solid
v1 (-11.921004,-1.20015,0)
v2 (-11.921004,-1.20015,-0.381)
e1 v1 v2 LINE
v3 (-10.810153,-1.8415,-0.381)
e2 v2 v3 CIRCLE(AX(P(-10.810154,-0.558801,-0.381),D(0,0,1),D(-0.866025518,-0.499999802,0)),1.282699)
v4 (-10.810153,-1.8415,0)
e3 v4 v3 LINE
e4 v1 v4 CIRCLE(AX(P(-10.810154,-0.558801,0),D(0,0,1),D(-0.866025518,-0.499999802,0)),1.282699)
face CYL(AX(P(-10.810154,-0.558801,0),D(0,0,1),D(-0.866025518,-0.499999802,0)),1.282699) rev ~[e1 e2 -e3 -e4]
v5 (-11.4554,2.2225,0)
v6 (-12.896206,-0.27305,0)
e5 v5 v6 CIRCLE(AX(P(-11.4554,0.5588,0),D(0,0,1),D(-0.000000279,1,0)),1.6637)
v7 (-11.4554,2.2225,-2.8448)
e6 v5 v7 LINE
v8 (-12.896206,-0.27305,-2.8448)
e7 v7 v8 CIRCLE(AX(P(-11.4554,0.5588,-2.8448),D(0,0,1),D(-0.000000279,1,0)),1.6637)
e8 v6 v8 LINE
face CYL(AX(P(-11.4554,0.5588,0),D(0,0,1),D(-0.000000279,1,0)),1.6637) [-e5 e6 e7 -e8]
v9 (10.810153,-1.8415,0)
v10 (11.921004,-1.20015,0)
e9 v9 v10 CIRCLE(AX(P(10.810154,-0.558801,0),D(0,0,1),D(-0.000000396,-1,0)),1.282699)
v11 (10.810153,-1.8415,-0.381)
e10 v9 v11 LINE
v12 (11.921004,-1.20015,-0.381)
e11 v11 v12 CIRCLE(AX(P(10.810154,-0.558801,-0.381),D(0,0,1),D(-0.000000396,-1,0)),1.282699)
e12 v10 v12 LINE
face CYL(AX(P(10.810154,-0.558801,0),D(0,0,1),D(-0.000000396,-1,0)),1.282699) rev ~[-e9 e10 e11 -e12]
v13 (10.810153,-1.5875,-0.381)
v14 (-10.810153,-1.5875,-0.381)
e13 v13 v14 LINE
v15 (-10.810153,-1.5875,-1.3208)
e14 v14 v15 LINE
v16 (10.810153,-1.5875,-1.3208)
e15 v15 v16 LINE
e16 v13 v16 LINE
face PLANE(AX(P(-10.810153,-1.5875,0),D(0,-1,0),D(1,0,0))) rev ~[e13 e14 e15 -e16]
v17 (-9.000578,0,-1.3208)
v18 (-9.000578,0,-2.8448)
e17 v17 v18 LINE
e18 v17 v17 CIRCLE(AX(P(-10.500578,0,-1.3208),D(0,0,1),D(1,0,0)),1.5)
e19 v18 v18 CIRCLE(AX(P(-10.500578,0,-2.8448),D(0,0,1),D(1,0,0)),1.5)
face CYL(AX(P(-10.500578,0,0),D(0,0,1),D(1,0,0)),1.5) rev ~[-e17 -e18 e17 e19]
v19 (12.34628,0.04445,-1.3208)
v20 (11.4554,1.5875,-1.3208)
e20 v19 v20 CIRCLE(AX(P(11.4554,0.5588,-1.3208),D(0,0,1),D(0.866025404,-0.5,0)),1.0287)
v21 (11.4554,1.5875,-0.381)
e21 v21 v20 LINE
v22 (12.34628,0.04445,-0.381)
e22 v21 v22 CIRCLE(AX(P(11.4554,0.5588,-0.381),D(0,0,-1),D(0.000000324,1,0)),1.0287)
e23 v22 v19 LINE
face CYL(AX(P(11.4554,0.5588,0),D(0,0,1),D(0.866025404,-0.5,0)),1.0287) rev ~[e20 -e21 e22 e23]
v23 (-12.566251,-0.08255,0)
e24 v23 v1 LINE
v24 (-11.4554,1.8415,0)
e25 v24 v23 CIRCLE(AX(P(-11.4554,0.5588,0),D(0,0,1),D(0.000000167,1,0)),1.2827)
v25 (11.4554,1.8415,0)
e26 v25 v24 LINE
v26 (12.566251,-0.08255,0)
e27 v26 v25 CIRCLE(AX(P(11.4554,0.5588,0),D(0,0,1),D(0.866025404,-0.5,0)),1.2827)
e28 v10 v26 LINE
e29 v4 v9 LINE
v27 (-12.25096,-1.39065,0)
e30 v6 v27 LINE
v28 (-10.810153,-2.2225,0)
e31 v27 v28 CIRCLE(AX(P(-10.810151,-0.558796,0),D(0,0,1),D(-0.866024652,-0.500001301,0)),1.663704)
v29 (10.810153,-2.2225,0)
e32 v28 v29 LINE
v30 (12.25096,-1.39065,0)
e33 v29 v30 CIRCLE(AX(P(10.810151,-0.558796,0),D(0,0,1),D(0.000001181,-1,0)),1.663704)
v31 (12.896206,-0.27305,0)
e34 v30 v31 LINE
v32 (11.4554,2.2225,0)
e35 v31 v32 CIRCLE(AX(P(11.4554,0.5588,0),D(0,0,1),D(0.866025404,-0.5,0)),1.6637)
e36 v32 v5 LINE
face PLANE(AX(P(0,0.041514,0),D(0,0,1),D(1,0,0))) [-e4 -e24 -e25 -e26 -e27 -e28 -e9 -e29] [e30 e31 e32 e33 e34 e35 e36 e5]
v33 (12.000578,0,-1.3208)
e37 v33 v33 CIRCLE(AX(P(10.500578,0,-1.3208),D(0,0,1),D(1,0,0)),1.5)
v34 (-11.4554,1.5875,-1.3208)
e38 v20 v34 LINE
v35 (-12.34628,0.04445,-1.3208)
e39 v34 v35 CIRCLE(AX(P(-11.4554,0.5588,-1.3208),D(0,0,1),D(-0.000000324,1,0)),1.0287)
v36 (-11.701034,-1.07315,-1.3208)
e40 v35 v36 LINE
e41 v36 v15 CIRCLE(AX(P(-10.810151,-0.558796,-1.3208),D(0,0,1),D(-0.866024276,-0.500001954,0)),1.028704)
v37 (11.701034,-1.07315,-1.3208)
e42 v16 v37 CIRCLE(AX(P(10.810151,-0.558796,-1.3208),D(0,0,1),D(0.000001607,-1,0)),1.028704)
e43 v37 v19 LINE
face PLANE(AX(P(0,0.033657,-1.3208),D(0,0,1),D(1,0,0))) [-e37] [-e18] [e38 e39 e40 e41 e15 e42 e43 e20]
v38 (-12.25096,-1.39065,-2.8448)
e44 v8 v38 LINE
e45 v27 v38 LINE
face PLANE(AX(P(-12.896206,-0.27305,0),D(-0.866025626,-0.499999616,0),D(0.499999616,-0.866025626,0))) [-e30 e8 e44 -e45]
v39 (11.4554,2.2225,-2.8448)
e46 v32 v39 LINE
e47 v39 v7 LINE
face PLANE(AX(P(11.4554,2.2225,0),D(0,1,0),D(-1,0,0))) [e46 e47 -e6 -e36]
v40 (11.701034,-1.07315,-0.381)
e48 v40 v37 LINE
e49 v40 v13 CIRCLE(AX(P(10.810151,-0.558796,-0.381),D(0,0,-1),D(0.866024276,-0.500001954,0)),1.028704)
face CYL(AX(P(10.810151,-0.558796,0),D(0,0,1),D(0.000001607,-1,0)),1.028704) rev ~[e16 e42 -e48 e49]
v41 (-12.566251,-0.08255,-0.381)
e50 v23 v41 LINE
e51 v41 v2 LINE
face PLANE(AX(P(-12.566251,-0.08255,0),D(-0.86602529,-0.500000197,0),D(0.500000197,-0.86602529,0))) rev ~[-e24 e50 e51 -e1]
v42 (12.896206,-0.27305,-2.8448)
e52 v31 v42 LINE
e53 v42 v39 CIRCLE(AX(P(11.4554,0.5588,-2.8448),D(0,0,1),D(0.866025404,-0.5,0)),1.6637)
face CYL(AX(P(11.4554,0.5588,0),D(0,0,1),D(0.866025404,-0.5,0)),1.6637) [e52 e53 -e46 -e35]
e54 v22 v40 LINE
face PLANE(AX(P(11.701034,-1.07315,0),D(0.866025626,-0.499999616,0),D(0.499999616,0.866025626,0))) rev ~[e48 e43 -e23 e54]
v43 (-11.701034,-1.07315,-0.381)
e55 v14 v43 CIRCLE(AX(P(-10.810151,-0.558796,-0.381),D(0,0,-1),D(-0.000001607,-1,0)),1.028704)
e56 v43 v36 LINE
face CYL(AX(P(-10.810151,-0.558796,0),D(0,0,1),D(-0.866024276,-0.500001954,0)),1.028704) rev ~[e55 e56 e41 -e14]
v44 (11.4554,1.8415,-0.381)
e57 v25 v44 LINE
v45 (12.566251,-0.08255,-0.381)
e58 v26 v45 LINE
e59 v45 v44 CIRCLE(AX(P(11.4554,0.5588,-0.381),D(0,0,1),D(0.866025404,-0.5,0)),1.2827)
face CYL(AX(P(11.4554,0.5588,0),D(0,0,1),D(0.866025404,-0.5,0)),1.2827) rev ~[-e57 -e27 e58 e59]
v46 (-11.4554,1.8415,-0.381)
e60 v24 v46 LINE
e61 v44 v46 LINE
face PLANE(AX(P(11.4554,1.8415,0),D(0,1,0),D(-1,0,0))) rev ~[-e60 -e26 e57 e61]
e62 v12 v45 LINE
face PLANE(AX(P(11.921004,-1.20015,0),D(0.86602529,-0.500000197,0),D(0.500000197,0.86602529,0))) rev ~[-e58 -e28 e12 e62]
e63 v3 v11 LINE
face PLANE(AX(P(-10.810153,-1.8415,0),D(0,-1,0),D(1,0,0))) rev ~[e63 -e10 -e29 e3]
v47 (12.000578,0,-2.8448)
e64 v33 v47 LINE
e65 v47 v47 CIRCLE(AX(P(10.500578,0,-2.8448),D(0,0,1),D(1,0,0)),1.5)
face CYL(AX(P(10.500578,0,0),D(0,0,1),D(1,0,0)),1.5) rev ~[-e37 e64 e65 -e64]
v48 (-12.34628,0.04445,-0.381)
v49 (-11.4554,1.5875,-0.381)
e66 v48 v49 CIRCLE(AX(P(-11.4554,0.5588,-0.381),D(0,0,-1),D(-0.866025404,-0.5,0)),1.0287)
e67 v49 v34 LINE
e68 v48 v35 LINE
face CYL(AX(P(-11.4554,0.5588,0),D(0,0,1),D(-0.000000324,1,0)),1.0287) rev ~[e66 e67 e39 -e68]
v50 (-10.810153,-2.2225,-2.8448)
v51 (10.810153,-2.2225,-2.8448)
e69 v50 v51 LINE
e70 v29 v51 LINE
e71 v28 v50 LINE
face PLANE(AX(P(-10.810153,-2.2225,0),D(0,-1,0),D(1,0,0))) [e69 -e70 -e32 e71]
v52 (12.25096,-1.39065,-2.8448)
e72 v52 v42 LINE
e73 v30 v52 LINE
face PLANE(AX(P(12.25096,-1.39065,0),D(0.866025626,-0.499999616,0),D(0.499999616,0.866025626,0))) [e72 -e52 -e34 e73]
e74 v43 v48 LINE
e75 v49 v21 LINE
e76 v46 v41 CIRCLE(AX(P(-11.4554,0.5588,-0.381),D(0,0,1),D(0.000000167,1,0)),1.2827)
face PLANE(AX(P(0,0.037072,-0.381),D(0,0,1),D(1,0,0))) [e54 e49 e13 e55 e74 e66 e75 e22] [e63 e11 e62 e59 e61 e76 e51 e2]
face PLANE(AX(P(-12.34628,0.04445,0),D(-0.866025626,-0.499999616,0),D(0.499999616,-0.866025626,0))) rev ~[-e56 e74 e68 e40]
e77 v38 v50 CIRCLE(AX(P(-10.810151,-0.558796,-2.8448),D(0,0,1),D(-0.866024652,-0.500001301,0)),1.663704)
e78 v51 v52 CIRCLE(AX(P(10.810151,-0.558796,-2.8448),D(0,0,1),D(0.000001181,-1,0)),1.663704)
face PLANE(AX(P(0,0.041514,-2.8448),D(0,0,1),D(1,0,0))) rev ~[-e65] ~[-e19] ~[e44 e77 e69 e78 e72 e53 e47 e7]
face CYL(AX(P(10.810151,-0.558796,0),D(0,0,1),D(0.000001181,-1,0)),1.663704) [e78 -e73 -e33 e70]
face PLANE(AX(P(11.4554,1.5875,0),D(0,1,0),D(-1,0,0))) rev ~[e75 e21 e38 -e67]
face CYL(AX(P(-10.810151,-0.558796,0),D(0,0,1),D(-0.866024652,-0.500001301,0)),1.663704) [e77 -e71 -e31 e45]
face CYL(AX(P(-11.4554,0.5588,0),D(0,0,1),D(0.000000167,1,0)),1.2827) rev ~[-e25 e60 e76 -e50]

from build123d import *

# Parameters (mm, degrees)
F0_R     = 1.5
F1_DEPTH = 2.8448
F2_DEPTH = 1.3208
F3_DEPTH = 0.381
F4_DEPTH = 2.8458


with BuildPart() as f1:
    # F0 (on Top) → F1 (new body)
    with BuildSketch(Plane.XY):
        with BuildLine():
            Line((11.4554, 2.2225), (-11.4554, 2.2225))
            ThreePointArc((-11.4554, 2.2225), (-12.896206, 1.39065), (-12.896206, -0.27305))
            Line((-12.896206, -0.27305), (-12.25096, -1.39065))
            ThreePointArc((-12.25096, -1.39065), (-11.642003, -1.999606), (-10.810153, -2.2225))
            Line((-10.810153, -2.2225), (10.810153, -2.2225))
            ThreePointArc((10.810153, -2.2225), (11.642003, -1.999606), (12.25096, -1.39065))
            Line((12.25096, -1.39065), (12.896206, -0.27305))
            ThreePointArc((12.896206, -0.27305), (12.896206, 1.39065), (11.4554, 2.2225))
        make_face()
        with BuildLine():
            ThreePointArc((-12.566251, -0.08255), (-12.566251, 1.20015), (-11.4554, 1.8415))
            Line((-11.4554, 1.8415), (11.4554, 1.8415))
            ThreePointArc((11.4554, 1.8415), (12.566251, 1.20015), (12.566251, -0.08255))
            Line((12.566251, -0.08255), (11.921004, -1.20015))
            ThreePointArc((11.921004, -1.20015), (11.451503, -1.669651), (10.810153, -1.8415))
            Line((10.810153, -1.8415), (-10.810153, -1.8415))
            ThreePointArc((-10.810153, -1.8415), (-11.451503, -1.669651), (-11.921004, -1.20015))
            Line((-11.921004, -1.20015), (-12.566251, -0.08255))
        make_face(mode=Mode.SUBTRACT)
        with BuildLine():
            Line((11.4554, 1.8415), (-11.4554, 1.8415))
            ThreePointArc((-11.4554, 1.8415), (-12.566251, 1.20015), (-12.566251, -0.08255))
            Line((-12.566251, -0.08255), (-11.921004, -1.20015))
            ThreePointArc((-11.921004, -1.20015), (-11.451503, -1.669651), (-10.810153, -1.8415))
            Line((-10.810153, -1.8415), (10.810153, -1.8415))
            ThreePointArc((10.810153, -1.8415), (11.451503, -1.669651), (11.921004, -1.20015))
            Line((11.921004, -1.20015), (12.566251, -0.08255))
            ThreePointArc((12.566251, -0.08255), (12.566251, 1.20015), (11.4554, 1.8415))
        make_face()
        with BuildLine():
            ThreePointArc((-12.34628, 0.04445), (-12.34628, 1.07315), (-11.4554, 1.5875))
            Line((-11.4554, 1.5875), (11.4554, 1.5875))
            ThreePointArc((11.4554, 1.5875), (12.34628, 1.07315), (12.34628, 0.04445))
            Line((12.34628, 0.04445), (11.701034, -1.07315))
            ThreePointArc((11.701034, -1.07315), (11.324503, -1.44968), (10.810153, -1.5875))
            Line((10.810153, -1.5875), (-10.810153, -1.5875))
            ThreePointArc((-10.810153, -1.5875), (-11.324503, -1.44968), (-11.701034, -1.07315))
            Line((-11.701034, -1.07315), (-12.34628, 0.04445))
        make_face(mode=Mode.SUBTRACT)
        with BuildLine():
            Line((11.4554, 1.5875), (-11.4554, 1.5875))
            ThreePointArc((-11.4554, 1.5875), (-12.34628, 1.07315), (-12.34628, 0.04445))
            Line((-12.34628, 0.04445), (-11.701034, -1.07315))
            ThreePointArc((-11.701034, -1.07315), (-11.324503, -1.44968), (-10.810153, -1.5875))
            Line((-10.810153, -1.5875), (10.810153, -1.5875))
            ThreePointArc((10.810153, -1.5875), (11.324503, -1.44968), (11.701034, -1.07315))
            Line((11.701034, -1.07315), (12.34628, 0.04445))
            ThreePointArc((12.34628, 0.04445), (12.34628, 1.07315), (11.4554, 1.5875))
        make_face()
        with Locations((-10.500578, 0)):
            Circle(F0_R, mode=Mode.SUBTRACT)
        with Locations((10.500578, 0)):
            Circle(F0_R, mode=Mode.SUBTRACT)
        with Locations((-10.500578, 0)):
            Circle(F0_R)
        with Locations((10.500578, 0)):
            Circle(F0_R)
    extrude(amount=-F1_DEPTH)

    # F0 (on Top) → F2 (cut)
    with BuildSketch(Plane.XY):
        with BuildLine():
            Line((11.4554, 1.5875), (-11.4554, 1.5875))
            ThreePointArc((-11.4554, 1.5875), (-12.34628, 1.07315), (-12.34628, 0.04445))
            Line((-12.34628, 0.04445), (-11.701034, -1.07315))
            ThreePointArc((-11.701034, -1.07315), (-11.324503, -1.44968), (-10.810153, -1.5875))
            Line((-10.810153, -1.5875), (10.810153, -1.5875))
            ThreePointArc((10.810153, -1.5875), (11.324503, -1.44968), (11.701034, -1.07315))
            Line((11.701034, -1.07315), (12.34628, 0.04445))
            ThreePointArc((12.34628, 0.04445), (12.34628, 1.07315), (11.4554, 1.5875))
        make_face()
        with Locations((-10.500578, 0)):
            Circle(F0_R, mode=Mode.SUBTRACT)
        with Locations((10.500578, 0)):
            Circle(F0_R, mode=Mode.SUBTRACT)
        with Locations((-10.500578, 0)):
            Circle(F0_R)
        with Locations((10.500578, 0)):
            Circle(F0_R)
    extrude(amount=-F2_DEPTH, mode=Mode.SUBTRACT)

    # F0 (on Top) → F3 (cut)
    with BuildSketch(Plane.XY):
        with BuildLine():
            Line((11.4554, 1.8415), (-11.4554, 1.8415))
            ThreePointArc((-11.4554, 1.8415), (-12.566251, 1.20015), (-12.566251, -0.08255))
            Line((-12.566251, -0.08255), (-11.921004, -1.20015))
            ThreePointArc((-11.921004, -1.20015), (-11.451503, -1.669651), (-10.810153, -1.8415))
            Line((-10.810153, -1.8415), (10.810153, -1.8415))
            ThreePointArc((10.810153, -1.8415), (11.451503, -1.669651), (11.921004, -1.20015))
            Line((11.921004, -1.20015), (12.566251, -0.08255))
            ThreePointArc((12.566251, -0.08255), (12.566251, 1.20015), (11.4554, 1.8415))
        make_face()
        with BuildLine():
            ThreePointArc((-12.34628, 0.04445), (-12.34628, 1.07315), (-11.4554, 1.5875))
            Line((-11.4554, 1.5875), (11.4554, 1.5875))
            ThreePointArc((11.4554, 1.5875), (12.34628, 1.07315), (12.34628, 0.04445))
            Line((12.34628, 0.04445), (11.701034, -1.07315))
            ThreePointArc((11.701034, -1.07315), (11.324503, -1.44968), (10.810153, -1.5875))
            Line((10.810153, -1.5875), (-10.810153, -1.5875))
            ThreePointArc((-10.810153, -1.5875), (-11.324503, -1.44968), (-11.701034, -1.07315))
            Line((-11.701034, -1.07315), (-12.34628, 0.04445))
        make_face(mode=Mode.SUBTRACT)
    extrude(amount=-F3_DEPTH, mode=Mode.SUBTRACT)

    # F0 (on Top) → F4 (cut, through all)
    with BuildSketch(Plane.XY):
        with Locations((-10.500578, 0)):
            Circle(F0_R)
        with Locations((10.500578, 0)):
            Circle(F0_R)
    extrude(amount=-F4_DEPTH, mode=Mode.SUBTRACT)


solid = f1.part
